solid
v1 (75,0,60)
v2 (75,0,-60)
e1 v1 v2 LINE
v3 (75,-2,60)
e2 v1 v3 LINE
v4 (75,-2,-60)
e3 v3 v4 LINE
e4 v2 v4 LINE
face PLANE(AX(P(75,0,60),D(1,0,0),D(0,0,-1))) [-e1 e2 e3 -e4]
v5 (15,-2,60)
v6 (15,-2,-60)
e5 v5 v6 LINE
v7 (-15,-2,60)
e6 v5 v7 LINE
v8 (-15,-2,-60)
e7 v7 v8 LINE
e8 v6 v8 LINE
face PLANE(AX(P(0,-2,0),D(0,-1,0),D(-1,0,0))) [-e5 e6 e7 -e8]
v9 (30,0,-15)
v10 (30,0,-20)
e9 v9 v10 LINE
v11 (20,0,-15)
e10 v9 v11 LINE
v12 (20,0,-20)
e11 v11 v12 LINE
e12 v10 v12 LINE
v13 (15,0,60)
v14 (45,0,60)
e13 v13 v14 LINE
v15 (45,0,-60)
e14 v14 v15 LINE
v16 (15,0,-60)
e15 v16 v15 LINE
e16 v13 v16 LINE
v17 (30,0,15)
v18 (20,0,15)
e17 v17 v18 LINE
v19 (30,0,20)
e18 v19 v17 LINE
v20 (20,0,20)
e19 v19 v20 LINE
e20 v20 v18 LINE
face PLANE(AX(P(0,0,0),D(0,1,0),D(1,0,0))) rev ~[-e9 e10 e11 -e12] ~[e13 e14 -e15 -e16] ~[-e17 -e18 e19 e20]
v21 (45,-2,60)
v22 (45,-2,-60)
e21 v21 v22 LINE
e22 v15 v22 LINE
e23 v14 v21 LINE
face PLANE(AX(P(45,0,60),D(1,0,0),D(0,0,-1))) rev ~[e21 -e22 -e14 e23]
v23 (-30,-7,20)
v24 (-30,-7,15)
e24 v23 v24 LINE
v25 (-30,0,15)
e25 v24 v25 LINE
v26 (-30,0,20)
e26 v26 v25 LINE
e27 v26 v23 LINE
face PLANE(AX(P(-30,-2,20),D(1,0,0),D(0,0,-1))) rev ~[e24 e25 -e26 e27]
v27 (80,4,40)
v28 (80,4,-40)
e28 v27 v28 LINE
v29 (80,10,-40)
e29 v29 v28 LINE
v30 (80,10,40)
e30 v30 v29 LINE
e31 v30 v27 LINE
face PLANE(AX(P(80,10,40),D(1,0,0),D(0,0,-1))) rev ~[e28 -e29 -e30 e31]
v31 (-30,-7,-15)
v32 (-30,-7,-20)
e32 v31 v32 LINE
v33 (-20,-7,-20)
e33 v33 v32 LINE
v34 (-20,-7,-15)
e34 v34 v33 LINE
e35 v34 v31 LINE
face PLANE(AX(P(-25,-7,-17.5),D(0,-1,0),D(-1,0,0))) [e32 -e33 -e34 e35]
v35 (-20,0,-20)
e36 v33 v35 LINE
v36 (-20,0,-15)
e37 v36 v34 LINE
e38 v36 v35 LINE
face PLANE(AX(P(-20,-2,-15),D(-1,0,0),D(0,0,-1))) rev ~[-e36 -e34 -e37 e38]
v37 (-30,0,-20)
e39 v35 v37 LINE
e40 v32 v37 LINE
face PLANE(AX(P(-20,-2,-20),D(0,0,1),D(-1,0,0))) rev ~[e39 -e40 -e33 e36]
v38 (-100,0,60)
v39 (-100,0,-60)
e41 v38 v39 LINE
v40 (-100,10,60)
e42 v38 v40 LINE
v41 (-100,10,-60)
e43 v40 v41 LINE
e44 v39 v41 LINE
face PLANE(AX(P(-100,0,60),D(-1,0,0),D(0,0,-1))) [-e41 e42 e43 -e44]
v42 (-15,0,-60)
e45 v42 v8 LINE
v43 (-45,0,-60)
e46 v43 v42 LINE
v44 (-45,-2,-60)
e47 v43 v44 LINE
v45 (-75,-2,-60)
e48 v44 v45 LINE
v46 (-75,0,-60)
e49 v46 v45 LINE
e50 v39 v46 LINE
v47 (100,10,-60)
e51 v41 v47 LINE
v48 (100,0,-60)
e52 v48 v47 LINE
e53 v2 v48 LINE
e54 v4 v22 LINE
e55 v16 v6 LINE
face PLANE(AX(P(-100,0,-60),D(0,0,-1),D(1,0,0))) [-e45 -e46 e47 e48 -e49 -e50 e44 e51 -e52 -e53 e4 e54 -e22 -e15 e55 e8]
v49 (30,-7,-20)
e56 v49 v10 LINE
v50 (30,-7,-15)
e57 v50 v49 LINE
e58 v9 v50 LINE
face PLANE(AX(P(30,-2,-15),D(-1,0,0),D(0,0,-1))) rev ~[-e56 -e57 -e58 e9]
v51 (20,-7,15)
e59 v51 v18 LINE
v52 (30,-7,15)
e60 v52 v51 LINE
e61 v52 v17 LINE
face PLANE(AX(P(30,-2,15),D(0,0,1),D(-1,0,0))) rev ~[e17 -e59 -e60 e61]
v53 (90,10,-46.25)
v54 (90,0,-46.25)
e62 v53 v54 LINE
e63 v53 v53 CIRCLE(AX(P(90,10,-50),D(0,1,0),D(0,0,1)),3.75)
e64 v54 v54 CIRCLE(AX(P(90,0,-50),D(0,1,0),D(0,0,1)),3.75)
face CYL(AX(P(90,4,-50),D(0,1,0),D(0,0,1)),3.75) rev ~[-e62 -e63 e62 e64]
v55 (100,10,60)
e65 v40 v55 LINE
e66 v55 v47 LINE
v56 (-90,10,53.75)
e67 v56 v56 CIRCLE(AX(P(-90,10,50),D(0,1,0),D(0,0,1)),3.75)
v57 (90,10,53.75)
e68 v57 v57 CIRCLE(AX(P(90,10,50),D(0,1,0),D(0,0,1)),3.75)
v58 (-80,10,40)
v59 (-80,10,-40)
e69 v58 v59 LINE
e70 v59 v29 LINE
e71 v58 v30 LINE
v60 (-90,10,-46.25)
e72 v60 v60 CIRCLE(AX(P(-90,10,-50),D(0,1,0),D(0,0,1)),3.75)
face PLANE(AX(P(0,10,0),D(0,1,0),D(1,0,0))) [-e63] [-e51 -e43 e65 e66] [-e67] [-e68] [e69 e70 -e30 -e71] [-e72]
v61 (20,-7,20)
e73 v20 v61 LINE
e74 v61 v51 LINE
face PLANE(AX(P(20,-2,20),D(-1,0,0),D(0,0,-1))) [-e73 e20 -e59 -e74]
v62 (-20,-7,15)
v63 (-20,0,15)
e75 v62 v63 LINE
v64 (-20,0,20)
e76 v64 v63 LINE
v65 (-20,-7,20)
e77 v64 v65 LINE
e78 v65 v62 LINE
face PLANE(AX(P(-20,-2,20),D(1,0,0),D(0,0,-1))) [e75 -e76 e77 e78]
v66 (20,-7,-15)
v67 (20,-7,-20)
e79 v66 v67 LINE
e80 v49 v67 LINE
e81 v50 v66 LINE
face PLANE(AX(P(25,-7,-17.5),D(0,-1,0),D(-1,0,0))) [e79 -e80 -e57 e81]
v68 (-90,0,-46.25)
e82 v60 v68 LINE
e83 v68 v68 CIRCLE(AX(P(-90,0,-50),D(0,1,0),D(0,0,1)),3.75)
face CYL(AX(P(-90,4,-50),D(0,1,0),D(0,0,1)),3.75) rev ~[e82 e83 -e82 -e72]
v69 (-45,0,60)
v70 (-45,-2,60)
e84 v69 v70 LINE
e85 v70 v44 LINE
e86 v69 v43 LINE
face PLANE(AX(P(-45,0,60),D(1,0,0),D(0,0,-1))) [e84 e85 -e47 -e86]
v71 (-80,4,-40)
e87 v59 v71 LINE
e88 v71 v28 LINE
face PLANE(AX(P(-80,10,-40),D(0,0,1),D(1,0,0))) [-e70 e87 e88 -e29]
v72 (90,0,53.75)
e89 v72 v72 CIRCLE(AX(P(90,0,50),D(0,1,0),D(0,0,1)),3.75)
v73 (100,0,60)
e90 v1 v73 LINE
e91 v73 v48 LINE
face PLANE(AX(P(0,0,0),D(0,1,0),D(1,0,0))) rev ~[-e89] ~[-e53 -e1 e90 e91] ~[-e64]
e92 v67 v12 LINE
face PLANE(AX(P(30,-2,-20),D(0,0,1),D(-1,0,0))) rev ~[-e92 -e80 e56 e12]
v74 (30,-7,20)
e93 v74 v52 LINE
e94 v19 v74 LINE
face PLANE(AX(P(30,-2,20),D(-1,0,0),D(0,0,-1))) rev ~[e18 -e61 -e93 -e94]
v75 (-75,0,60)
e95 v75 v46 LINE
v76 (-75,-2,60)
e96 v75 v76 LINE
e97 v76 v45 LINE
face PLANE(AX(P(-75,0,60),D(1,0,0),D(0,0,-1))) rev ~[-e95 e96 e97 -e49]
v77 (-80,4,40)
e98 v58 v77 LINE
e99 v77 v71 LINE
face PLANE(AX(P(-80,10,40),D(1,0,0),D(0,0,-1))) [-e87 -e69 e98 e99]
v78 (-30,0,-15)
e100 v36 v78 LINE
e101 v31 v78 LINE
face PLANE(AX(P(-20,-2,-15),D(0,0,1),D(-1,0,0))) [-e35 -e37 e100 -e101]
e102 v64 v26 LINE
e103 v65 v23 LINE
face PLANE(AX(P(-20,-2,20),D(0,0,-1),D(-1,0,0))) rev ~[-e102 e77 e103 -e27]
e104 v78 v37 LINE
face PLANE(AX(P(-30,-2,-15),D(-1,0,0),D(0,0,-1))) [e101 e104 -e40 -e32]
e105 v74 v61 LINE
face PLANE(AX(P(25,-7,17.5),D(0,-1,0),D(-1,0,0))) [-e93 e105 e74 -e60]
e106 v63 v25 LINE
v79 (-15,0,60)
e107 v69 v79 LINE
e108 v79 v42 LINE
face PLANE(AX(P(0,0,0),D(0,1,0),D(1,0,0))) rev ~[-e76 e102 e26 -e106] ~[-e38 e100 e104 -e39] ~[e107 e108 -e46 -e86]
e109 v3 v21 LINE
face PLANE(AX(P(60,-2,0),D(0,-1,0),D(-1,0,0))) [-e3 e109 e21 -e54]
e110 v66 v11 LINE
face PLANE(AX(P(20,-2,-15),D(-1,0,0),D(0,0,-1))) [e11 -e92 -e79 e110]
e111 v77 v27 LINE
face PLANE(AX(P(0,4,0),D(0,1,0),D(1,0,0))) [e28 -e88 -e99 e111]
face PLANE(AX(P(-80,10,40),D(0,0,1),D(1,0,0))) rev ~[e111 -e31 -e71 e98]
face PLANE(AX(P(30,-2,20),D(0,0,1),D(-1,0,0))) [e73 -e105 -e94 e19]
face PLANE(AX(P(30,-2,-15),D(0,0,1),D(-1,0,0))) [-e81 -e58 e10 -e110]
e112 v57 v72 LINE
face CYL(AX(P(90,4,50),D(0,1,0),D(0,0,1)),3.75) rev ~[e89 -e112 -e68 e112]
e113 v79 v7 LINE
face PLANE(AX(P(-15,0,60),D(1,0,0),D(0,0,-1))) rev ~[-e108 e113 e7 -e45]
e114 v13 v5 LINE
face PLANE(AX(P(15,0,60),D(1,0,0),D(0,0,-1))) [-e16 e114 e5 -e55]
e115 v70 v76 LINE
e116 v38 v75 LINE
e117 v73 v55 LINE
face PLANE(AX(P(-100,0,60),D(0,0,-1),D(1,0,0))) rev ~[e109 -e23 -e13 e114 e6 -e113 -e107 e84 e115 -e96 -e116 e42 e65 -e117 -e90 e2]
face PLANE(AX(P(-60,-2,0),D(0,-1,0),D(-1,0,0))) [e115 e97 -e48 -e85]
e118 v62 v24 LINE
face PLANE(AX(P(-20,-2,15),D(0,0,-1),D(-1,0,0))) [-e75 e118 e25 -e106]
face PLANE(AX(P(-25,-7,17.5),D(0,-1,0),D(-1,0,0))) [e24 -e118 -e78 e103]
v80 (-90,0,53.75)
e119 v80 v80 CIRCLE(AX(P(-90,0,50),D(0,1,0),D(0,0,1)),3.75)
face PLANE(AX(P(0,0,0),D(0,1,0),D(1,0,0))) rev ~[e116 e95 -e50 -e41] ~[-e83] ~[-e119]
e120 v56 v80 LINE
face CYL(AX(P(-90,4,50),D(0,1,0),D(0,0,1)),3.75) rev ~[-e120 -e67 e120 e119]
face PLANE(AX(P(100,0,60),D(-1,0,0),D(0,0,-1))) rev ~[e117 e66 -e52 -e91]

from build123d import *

# Parameters (mm, degrees)
SKETCH1_W             = 200
SKETCH1_H             = 120
BOSS_EXTRUDE3_DEPTH   = 10
SKETCH3_R             = 3.75
SKETCH3_W             = 160
SKETCH3_H             = 80
CUT_EXTRUDE2_DEPTH    = 6
SKETCH6_R             = 3.75
CUT_EXTRUDE4_DEPTH    = 117.773284616
SKETCH7_W             = 30
SKETCH7_H             = 120
BOSS_EXTRUDE4_DEPTH   = 2
SKETCH8_W             = 10
SKETCH8_H             = 5
BOSS_EXTRUDE5_DEPTH   = 2
BOSS_EXTRUDE5_2_DEPTH = 2
BOSS_EXTRUDE5_3_DEPTH = 2
BOSS_EXTRUDE5_4_DEPTH = 2
SKETCH10_W            = 10
SKETCH10_H            = 5
BOSS_EXTRUDE6_DEPTH   = 5


with BuildPart() as part:
    # Sketch1 → Boss-Extrude3 (new body)
    with BuildSketch(Plane(origin=(0, 0, 0), x_dir=(1, 0, 0), z_dir=(0, 1, 0))):
        Rectangle(SKETCH1_W, SKETCH1_H)
    extrude(amount=BOSS_EXTRUDE3_DEPTH)

    # Sketch3 → Cut-Extrude2 (cut)
    with BuildSketch(Plane(origin=(0, 10, 0), x_dir=(1, 0, 0), z_dir=(0, 1, 0))):
        with Locations(Location((-90, 50, 0), (0, 0, 270))):
            Circle(SKETCH3_R)
        with Locations(Location((90, -50, 0), (0, 0, 270))):
            Circle(SKETCH3_R)
        with Locations(Location((90, 50, 0), (0, 0, 270))):
            Circle(SKETCH3_R)
        with Locations(Location((-90, -50, 0), (0, 0, 270))):
            Circle(SKETCH3_R)
        Rectangle(SKETCH3_W, SKETCH3_H)
    extrude(amount=-CUT_EXTRUDE2_DEPTH, mode=Mode.SUBTRACT)

    # Sketch6 → Cut-Extrude4 (cut, through all)
    with BuildSketch(Plane(origin=(0, 4, 0), x_dir=(1, 0, 0), z_dir=(0, 1, 0))):
        with Locations(Location((-90, 50, 0), (0, 0, 270))):
            Circle(SKETCH6_R)
        with Locations(Location((90, 50, 0), (0, 0, 270))):
            Circle(SKETCH6_R)
        with Locations(Location((90, -50, 0), (0, 0, 270))):
            Circle(SKETCH6_R)
        with Locations(Location((-90, -50, 0), (0, 0, 270))):
            Circle(SKETCH6_R)
    extrude(amount=-CUT_EXTRUDE4_DEPTH, mode=Mode.SUBTRACT)

    # Sketch7 → Boss-Extrude4 (add)
    with BuildSketch(Plane(origin=(0, 0, 0), x_dir=(-1, 0, 0), z_dir=(0, -1, 0))):
        Rectangle(SKETCH7_W, SKETCH7_H)
        with Locations((60, 0)):
            Rectangle(SKETCH7_W, SKETCH7_H)
        with Locations((-60, 0)):
            Rectangle(SKETCH7_W, SKETCH7_H)
    extrude(amount=BOSS_EXTRUDE4_DEPTH)



with BuildPart() as body_2:
    # Sketch8 → Boss-Extrude5 (new body)
    with BuildSketch(Plane(origin=(0, -2, 0), x_dir=(-1, 0, 0), z_dir=(0, -1, 0))):
        with Locations((25, -17.5)):
            Rectangle(SKETCH8_W, SKETCH8_H)
    extrude(amount=-BOSS_EXTRUDE5_DEPTH)


with BuildPart() as body_3:
    # Sketch8 → Boss-Extrude5 2 (new body)
    with BuildSketch(Plane(origin=(0, -2, 0), x_dir=(-1, 0, 0), z_dir=(0, -1, 0))):
        with Locations((-25, -17.5)):
            Rectangle(SKETCH8_W, SKETCH8_H)
    extrude(amount=-BOSS_EXTRUDE5_2_DEPTH)


with BuildPart() as body_4:
    # Sketch8 → Boss-Extrude5 3 (new body)
    with BuildSketch(Plane(origin=(0, -2, 0), x_dir=(-1, 0, 0), z_dir=(0, -1, 0))):
        with Locations((-25, 17.5)):
            Rectangle(SKETCH8_W, SKETCH8_H)
    extrude(amount=-BOSS_EXTRUDE5_3_DEPTH)


with BuildPart() as body_5:
    # Sketch8 → Boss-Extrude5 4 (new body)
    with BuildSketch(Plane(origin=(0, -2, 0), x_dir=(-1, 0, 0), z_dir=(0, -1, 0))):
        with Locations((25, 17.5)):
            Rectangle(SKETCH8_W, SKETCH8_H)
    extrude(amount=-BOSS_EXTRUDE5_4_DEPTH)


with BuildPart() as part_1:
    add(part.part)

    add(body_2.part)  # Boss-Extrude6 merges body 2

    add(body_3.part)  # Boss-Extrude6 merges body 3

    add(body_4.part)  # Boss-Extrude6 merges body 4

    add(body_5.part)  # Boss-Extrude6 merges body 5
    # Sketch10 → Boss-Extrude6 (add)
    with BuildSketch(Plane(origin=(0, -2, 0), x_dir=(-1, 0, 0), z_dir=(0, -1, 0))):
        with Locations((25, -17.5)):
            Rectangle(SKETCH10_W, SKETCH10_H)
        with Locations((25, 17.5)):
            Rectangle(SKETCH10_W, SKETCH10_H)
        with Locations((-25, 17.5)):
            Rectangle(SKETCH10_W, SKETCH10_H)
        with Locations((-25, -17.5)):
            Rectangle(SKETCH10_W, SKETCH10_H)
    extrude(amount=BOSS_EXTRUDE6_DEPTH)


solid = part_1.part
